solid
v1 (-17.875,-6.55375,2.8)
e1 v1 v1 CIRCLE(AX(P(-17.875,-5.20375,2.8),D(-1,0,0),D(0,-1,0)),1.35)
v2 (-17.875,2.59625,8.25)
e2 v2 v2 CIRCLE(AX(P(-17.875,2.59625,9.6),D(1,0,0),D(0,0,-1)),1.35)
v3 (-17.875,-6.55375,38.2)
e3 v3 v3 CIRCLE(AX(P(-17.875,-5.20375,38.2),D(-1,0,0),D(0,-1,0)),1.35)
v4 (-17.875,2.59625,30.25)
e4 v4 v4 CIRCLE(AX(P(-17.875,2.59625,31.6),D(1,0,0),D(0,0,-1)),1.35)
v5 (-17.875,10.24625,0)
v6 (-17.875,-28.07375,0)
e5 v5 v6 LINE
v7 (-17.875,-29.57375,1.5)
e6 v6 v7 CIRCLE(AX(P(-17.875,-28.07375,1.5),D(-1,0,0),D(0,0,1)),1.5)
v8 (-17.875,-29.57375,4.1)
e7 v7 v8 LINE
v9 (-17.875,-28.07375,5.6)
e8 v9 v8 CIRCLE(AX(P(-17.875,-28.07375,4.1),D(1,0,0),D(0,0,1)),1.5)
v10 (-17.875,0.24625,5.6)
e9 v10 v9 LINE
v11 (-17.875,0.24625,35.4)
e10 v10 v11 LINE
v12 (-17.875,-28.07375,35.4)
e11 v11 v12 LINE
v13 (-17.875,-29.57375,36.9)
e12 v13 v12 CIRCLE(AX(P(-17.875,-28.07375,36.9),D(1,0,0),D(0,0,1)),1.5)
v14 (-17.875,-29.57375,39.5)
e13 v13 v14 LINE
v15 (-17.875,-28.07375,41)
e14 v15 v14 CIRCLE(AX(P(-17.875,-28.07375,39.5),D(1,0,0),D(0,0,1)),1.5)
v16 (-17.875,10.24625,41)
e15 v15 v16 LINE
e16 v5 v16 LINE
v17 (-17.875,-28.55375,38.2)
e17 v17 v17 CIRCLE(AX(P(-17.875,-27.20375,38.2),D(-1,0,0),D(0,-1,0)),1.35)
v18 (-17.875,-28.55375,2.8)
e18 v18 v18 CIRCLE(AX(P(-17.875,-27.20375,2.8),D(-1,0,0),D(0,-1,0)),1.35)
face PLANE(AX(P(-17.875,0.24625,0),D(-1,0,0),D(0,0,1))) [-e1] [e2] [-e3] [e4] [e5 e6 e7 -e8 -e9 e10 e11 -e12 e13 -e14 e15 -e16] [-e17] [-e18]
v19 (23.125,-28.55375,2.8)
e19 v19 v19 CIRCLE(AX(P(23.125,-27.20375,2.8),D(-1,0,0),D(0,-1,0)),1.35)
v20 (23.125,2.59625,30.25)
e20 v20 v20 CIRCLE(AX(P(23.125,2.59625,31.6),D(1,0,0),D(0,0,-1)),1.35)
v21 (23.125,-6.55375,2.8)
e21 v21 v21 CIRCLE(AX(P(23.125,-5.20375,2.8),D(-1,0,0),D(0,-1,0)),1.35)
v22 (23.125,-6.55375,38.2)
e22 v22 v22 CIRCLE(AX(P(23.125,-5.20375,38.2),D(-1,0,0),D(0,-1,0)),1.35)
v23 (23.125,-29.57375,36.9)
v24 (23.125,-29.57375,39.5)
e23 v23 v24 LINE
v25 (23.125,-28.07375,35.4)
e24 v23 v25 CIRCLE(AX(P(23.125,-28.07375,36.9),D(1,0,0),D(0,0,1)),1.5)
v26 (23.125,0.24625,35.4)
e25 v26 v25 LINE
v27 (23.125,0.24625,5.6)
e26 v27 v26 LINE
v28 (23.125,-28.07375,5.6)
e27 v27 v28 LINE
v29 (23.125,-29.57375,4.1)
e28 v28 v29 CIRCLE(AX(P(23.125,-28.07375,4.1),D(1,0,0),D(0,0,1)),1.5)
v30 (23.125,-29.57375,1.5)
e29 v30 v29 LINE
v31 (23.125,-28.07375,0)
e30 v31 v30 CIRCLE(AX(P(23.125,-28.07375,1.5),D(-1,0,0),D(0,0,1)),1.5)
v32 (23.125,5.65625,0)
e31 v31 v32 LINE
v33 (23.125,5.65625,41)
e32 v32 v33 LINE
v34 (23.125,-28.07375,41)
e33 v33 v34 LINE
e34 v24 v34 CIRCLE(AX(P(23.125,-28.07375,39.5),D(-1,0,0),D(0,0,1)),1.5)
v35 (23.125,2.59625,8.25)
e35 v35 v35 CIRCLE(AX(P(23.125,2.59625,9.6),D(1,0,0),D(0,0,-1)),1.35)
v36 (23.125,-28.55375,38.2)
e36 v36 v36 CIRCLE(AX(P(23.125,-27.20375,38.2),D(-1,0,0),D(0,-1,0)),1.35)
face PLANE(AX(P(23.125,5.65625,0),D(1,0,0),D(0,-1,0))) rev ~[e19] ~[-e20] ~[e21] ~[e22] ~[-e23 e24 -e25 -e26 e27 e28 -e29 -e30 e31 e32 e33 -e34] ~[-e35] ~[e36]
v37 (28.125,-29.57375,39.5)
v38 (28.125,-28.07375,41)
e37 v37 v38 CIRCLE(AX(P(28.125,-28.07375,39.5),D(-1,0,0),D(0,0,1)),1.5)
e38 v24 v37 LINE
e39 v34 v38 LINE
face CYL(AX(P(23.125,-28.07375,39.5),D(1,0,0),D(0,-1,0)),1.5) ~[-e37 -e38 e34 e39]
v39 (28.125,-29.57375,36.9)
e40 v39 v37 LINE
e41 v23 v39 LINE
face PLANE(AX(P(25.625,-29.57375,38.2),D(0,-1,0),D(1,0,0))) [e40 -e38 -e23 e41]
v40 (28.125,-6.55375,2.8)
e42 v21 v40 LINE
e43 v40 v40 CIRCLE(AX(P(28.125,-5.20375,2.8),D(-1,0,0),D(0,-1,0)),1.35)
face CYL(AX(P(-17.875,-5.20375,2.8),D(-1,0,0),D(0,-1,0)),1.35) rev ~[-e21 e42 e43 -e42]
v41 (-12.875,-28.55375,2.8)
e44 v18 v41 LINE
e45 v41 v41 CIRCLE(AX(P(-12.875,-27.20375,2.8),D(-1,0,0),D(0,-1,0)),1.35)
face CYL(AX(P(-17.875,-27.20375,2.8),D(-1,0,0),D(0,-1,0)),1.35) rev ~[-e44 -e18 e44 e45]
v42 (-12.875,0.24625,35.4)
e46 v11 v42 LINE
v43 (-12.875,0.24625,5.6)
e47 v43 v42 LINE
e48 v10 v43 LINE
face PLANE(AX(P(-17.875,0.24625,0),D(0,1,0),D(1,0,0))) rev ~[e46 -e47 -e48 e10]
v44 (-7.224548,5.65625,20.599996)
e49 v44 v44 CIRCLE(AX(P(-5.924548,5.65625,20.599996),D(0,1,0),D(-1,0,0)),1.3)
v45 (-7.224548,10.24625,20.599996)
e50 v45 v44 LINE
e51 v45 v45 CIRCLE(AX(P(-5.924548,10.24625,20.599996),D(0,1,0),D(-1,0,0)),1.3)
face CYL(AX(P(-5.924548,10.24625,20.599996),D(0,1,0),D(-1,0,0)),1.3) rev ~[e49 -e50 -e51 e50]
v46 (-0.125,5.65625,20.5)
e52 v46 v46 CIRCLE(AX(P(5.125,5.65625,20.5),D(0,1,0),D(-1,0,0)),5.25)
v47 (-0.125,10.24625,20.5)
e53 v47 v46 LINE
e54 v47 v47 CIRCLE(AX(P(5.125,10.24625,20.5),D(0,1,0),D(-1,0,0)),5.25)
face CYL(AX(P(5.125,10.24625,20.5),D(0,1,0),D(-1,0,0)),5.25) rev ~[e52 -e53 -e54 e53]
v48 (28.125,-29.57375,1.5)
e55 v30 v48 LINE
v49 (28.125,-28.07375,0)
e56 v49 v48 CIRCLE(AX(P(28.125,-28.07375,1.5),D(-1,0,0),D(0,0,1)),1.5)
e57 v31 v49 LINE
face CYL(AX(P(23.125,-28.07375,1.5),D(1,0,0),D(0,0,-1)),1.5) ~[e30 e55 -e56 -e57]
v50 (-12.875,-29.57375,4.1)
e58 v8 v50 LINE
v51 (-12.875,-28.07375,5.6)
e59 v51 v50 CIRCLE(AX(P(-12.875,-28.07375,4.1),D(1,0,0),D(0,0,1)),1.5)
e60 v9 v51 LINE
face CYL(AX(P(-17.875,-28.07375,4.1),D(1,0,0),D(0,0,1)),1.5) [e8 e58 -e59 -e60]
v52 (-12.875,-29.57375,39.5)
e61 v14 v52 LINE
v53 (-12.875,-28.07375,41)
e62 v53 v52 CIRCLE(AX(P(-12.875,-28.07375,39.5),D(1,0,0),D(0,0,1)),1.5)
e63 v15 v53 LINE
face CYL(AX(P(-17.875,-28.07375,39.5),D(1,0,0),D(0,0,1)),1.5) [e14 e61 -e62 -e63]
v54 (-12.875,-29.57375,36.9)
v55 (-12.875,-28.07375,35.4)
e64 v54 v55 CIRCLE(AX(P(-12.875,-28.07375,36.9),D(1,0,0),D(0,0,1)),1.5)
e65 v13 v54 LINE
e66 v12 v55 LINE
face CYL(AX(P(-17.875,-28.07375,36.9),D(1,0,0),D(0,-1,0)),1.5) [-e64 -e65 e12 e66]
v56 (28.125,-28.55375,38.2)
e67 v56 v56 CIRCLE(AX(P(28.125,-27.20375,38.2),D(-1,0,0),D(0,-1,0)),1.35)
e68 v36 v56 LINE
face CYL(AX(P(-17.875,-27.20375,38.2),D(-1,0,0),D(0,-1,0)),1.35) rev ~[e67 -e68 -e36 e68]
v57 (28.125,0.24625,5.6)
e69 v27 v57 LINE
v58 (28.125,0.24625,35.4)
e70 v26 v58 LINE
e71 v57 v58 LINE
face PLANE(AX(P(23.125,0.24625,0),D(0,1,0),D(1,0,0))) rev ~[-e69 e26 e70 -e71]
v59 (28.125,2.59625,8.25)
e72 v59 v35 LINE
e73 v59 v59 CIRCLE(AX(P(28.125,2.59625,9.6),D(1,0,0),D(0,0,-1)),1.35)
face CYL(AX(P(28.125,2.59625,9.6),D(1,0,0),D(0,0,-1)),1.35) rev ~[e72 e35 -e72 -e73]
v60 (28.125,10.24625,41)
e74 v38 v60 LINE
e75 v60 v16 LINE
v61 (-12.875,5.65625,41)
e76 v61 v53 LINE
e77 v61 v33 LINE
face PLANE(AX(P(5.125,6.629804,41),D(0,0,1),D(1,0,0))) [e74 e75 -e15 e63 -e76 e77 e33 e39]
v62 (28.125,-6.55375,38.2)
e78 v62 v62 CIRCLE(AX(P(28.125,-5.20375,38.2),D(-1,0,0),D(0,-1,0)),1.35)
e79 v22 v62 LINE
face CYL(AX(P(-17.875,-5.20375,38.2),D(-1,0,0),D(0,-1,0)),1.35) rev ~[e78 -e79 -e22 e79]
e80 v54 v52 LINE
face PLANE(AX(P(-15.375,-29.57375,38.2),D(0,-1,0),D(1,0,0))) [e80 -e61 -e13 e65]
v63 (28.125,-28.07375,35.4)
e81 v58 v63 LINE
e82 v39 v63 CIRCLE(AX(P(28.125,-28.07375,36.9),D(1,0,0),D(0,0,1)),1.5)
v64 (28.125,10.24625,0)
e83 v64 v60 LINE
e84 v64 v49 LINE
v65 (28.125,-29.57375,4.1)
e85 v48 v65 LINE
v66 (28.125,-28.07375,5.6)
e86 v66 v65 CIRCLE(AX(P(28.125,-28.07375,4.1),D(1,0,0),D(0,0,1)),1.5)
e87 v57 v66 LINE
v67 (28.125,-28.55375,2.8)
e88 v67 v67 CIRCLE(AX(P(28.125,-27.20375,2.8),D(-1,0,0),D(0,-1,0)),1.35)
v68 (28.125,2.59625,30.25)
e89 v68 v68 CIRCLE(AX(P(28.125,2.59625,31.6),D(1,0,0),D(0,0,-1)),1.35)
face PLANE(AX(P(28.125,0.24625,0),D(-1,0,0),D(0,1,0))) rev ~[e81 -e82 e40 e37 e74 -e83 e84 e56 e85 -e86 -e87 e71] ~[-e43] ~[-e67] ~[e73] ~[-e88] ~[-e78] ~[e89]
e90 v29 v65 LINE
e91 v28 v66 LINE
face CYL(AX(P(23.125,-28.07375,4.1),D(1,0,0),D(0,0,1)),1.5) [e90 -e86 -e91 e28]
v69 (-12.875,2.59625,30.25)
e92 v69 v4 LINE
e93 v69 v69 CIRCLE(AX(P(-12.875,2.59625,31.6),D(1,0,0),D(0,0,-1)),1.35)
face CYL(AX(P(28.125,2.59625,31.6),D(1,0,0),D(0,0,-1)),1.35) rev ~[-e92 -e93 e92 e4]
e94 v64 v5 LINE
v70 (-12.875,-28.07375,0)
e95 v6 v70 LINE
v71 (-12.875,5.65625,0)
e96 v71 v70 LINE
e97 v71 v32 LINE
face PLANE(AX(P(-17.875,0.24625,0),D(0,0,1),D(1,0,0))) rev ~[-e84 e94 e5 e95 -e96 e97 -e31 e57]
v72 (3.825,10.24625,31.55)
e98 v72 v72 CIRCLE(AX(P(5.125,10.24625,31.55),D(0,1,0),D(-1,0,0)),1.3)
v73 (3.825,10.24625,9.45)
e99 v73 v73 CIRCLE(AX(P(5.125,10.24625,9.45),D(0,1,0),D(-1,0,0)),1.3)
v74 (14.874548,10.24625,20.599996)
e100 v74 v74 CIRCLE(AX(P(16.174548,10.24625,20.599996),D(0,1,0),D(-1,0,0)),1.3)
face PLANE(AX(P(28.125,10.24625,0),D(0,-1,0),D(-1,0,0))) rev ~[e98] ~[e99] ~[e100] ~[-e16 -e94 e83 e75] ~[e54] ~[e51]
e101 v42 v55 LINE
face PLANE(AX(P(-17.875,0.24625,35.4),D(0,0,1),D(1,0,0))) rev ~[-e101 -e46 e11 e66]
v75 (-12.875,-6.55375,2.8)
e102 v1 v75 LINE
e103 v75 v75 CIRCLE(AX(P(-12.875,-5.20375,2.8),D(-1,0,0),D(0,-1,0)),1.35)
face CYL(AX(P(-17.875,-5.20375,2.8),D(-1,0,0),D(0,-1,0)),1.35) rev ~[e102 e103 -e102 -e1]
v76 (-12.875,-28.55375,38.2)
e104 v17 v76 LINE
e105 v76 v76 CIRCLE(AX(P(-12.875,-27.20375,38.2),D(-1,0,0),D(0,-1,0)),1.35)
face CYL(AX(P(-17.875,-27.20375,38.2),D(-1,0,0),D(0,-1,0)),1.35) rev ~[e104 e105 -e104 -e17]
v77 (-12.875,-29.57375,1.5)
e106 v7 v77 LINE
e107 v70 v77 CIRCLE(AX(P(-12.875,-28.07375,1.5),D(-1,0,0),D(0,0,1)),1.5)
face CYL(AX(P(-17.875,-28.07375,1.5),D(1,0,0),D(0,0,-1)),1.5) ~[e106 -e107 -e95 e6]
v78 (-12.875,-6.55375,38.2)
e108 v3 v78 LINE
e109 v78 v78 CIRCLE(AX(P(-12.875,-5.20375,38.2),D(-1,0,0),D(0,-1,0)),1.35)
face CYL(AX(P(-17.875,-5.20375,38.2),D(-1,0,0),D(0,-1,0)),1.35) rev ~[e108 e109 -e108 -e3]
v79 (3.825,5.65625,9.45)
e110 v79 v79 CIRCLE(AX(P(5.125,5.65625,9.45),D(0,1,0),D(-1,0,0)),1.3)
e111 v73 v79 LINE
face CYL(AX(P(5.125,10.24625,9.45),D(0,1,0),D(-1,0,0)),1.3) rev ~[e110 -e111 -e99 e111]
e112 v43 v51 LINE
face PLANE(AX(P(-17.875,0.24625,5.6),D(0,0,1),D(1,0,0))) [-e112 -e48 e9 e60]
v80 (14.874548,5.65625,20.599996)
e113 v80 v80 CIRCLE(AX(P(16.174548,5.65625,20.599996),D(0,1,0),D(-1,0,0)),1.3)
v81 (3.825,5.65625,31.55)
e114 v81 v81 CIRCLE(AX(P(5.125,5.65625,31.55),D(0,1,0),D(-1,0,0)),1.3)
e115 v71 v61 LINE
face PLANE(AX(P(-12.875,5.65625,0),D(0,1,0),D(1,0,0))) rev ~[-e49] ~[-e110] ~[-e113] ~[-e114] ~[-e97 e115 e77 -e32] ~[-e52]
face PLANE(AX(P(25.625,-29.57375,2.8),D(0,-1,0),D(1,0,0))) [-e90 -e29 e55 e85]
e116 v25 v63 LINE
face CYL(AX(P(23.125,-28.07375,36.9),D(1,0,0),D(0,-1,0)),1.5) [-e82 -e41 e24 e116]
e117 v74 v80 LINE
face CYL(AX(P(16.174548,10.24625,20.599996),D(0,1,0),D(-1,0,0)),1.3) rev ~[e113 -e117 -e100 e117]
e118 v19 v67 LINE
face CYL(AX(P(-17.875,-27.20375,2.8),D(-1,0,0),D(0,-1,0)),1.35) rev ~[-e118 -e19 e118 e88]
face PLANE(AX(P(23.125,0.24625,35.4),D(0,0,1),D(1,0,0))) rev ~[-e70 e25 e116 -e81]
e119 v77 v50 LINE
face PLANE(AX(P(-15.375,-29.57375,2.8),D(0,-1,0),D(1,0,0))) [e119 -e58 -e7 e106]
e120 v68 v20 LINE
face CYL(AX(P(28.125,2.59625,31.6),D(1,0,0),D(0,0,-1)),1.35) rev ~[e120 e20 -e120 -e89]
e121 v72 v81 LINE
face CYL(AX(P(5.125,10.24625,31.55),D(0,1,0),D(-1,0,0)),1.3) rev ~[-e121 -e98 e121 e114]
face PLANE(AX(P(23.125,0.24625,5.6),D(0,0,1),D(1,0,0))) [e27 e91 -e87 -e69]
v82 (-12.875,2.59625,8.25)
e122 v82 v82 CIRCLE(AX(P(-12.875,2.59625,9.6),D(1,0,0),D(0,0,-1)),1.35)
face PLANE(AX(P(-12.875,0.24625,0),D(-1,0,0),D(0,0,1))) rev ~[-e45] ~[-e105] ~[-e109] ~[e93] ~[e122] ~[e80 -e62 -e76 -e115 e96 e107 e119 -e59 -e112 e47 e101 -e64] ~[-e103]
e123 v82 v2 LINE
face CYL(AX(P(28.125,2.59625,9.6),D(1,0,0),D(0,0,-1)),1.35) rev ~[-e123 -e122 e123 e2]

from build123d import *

# Parameters (mm, degrees)
BOSS_EXTRUDE1_DEPTH = 41
SKETCH2_W           = 5
SKETCH2_H           = 5.6
BOSS_EXTRUDE2_DEPTH = 29.82
FILLET1_R           = 1.5
SKETCH3_R           = 1.35
CUT_EXTRUDE1_DEPTH  = 49
SKETCH4_R           = 1.35
CUT_EXTRUDE2_DEPTH  = 49
SKETCH5_R           = 1.3
SKETCH5_R_2         = 5.25
CUT_EXTRUDE3_DEPTH  = 7


with BuildPart() as part:
    # Sketch1 → Boss-Extrude1 (new body)
    with BuildSketch(Plane.XY):
        Polygon((-17.875, 0.24625), (-12.875, 0.24625), (-12.875, 5.65625), (23.125, 5.65625), (23.125, 0.24625), (28.125, 0.24625), (28.125, 10.24625), (-17.875, 10.24625), align=None)
    extrude(amount=BOSS_EXTRUDE1_DEPTH)

    # Sketch2 → Boss-Extrude2 (add)
    with BuildSketch(Plane.XZ.offset(-0.24625)):
        with Locations((-15.375, 2.8)):
            Rectangle(SKETCH2_W, SKETCH2_H)
        with Locations((-15.375, 38.2)):
            Rectangle(SKETCH2_W, SKETCH2_H)
        with Locations((25.625, 38.2)):
            Rectangle(SKETCH2_W, SKETCH2_H)
        with Locations((25.625, 2.8)):
            Rectangle(SKETCH2_W, SKETCH2_H)
    extrude(amount=BOSS_EXTRUDE2_DEPTH)

    # Fillet1
    fillet1_edges = [part.edges().sort_by_distance(p)[0] for p in [
        (-15.375, -29.57375, 0),
        (-15.375, -29.57375, 5.6),
        (-15.375, -29.57375, 35.4),
        (-15.375, -29.57375, 41),
        (25.625, -29.57375, 41),
        (25.625, -29.57375, 35.4),
        (25.625, -29.57375, 5.6),
        (25.625, -29.57375, 0),
    ]]
    fillet(fillet1_edges, radius=FILLET1_R)

    # Sketch3 → Cut-Extrude1 (cut)
    with BuildSketch(Plane.ZY.offset(17.875)):
        with Locations(Location((38.2, -27.20375, 0), (0, 0, 270))):
            Circle(SKETCH3_R)
        with Locations(Location((2.8, -27.20375, 0), (0, 0, 270))):
            Circle(SKETCH3_R)
        with Locations(Location((38.2, -5.20375, 0), (0, 0, 270))):
            Circle(SKETCH3_R)
        with Locations(Location((2.8, -5.20375, 0), (0, 0, 270))):
            Circle(SKETCH3_R)
    extrude(amount=-CUT_EXTRUDE1_DEPTH, mode=Mode.SUBTRACT)

    # Sketch4 → Cut-Extrude2 (cut)
    with BuildSketch(Plane(origin=(28.125, 0, 0), x_dir=(0, 0, -1), z_dir=(1, 0, 0))):
        with Locations((-9.6, 2.59625)):
            Circle(SKETCH4_R)
        with Locations((-31.6, 2.59625)):
            Circle(SKETCH4_R)
    extrude(amount=-CUT_EXTRUDE2_DEPTH, mode=Mode.SUBTRACT)

    # Sketch5 → Cut-Extrude3 (cut)
    with BuildSketch(Plane(origin=(0, 10.24625, 0), x_dir=(1, 0, 0), z_dir=(0, 1, 0))):
        with Locations(Location((5.125, -9.45, 0), (0, 0, 180))):
            Circle(SKETCH5_R)
        with Locations(Location((-5.924547539, -20.599995905, 0), (0, 0, 180))):
            Circle(SKETCH5_R)
        with Locations(Location((5.125, -31.55, 0), (0, 0, 180))):
            Circle(SKETCH5_R)
        with Locations(Location((16.174547539, -20.599995905, 0), (0, 0, 180))):
            Circle(SKETCH5_R)
        with Locations(Location((5.125, -20.5, 0), (0, 0, 180))):
            Circle(SKETCH5_R_2)
    extrude(amount=-CUT_EXTRUDE3_DEPTH, mode=Mode.SUBTRACT)


solid = part.part
